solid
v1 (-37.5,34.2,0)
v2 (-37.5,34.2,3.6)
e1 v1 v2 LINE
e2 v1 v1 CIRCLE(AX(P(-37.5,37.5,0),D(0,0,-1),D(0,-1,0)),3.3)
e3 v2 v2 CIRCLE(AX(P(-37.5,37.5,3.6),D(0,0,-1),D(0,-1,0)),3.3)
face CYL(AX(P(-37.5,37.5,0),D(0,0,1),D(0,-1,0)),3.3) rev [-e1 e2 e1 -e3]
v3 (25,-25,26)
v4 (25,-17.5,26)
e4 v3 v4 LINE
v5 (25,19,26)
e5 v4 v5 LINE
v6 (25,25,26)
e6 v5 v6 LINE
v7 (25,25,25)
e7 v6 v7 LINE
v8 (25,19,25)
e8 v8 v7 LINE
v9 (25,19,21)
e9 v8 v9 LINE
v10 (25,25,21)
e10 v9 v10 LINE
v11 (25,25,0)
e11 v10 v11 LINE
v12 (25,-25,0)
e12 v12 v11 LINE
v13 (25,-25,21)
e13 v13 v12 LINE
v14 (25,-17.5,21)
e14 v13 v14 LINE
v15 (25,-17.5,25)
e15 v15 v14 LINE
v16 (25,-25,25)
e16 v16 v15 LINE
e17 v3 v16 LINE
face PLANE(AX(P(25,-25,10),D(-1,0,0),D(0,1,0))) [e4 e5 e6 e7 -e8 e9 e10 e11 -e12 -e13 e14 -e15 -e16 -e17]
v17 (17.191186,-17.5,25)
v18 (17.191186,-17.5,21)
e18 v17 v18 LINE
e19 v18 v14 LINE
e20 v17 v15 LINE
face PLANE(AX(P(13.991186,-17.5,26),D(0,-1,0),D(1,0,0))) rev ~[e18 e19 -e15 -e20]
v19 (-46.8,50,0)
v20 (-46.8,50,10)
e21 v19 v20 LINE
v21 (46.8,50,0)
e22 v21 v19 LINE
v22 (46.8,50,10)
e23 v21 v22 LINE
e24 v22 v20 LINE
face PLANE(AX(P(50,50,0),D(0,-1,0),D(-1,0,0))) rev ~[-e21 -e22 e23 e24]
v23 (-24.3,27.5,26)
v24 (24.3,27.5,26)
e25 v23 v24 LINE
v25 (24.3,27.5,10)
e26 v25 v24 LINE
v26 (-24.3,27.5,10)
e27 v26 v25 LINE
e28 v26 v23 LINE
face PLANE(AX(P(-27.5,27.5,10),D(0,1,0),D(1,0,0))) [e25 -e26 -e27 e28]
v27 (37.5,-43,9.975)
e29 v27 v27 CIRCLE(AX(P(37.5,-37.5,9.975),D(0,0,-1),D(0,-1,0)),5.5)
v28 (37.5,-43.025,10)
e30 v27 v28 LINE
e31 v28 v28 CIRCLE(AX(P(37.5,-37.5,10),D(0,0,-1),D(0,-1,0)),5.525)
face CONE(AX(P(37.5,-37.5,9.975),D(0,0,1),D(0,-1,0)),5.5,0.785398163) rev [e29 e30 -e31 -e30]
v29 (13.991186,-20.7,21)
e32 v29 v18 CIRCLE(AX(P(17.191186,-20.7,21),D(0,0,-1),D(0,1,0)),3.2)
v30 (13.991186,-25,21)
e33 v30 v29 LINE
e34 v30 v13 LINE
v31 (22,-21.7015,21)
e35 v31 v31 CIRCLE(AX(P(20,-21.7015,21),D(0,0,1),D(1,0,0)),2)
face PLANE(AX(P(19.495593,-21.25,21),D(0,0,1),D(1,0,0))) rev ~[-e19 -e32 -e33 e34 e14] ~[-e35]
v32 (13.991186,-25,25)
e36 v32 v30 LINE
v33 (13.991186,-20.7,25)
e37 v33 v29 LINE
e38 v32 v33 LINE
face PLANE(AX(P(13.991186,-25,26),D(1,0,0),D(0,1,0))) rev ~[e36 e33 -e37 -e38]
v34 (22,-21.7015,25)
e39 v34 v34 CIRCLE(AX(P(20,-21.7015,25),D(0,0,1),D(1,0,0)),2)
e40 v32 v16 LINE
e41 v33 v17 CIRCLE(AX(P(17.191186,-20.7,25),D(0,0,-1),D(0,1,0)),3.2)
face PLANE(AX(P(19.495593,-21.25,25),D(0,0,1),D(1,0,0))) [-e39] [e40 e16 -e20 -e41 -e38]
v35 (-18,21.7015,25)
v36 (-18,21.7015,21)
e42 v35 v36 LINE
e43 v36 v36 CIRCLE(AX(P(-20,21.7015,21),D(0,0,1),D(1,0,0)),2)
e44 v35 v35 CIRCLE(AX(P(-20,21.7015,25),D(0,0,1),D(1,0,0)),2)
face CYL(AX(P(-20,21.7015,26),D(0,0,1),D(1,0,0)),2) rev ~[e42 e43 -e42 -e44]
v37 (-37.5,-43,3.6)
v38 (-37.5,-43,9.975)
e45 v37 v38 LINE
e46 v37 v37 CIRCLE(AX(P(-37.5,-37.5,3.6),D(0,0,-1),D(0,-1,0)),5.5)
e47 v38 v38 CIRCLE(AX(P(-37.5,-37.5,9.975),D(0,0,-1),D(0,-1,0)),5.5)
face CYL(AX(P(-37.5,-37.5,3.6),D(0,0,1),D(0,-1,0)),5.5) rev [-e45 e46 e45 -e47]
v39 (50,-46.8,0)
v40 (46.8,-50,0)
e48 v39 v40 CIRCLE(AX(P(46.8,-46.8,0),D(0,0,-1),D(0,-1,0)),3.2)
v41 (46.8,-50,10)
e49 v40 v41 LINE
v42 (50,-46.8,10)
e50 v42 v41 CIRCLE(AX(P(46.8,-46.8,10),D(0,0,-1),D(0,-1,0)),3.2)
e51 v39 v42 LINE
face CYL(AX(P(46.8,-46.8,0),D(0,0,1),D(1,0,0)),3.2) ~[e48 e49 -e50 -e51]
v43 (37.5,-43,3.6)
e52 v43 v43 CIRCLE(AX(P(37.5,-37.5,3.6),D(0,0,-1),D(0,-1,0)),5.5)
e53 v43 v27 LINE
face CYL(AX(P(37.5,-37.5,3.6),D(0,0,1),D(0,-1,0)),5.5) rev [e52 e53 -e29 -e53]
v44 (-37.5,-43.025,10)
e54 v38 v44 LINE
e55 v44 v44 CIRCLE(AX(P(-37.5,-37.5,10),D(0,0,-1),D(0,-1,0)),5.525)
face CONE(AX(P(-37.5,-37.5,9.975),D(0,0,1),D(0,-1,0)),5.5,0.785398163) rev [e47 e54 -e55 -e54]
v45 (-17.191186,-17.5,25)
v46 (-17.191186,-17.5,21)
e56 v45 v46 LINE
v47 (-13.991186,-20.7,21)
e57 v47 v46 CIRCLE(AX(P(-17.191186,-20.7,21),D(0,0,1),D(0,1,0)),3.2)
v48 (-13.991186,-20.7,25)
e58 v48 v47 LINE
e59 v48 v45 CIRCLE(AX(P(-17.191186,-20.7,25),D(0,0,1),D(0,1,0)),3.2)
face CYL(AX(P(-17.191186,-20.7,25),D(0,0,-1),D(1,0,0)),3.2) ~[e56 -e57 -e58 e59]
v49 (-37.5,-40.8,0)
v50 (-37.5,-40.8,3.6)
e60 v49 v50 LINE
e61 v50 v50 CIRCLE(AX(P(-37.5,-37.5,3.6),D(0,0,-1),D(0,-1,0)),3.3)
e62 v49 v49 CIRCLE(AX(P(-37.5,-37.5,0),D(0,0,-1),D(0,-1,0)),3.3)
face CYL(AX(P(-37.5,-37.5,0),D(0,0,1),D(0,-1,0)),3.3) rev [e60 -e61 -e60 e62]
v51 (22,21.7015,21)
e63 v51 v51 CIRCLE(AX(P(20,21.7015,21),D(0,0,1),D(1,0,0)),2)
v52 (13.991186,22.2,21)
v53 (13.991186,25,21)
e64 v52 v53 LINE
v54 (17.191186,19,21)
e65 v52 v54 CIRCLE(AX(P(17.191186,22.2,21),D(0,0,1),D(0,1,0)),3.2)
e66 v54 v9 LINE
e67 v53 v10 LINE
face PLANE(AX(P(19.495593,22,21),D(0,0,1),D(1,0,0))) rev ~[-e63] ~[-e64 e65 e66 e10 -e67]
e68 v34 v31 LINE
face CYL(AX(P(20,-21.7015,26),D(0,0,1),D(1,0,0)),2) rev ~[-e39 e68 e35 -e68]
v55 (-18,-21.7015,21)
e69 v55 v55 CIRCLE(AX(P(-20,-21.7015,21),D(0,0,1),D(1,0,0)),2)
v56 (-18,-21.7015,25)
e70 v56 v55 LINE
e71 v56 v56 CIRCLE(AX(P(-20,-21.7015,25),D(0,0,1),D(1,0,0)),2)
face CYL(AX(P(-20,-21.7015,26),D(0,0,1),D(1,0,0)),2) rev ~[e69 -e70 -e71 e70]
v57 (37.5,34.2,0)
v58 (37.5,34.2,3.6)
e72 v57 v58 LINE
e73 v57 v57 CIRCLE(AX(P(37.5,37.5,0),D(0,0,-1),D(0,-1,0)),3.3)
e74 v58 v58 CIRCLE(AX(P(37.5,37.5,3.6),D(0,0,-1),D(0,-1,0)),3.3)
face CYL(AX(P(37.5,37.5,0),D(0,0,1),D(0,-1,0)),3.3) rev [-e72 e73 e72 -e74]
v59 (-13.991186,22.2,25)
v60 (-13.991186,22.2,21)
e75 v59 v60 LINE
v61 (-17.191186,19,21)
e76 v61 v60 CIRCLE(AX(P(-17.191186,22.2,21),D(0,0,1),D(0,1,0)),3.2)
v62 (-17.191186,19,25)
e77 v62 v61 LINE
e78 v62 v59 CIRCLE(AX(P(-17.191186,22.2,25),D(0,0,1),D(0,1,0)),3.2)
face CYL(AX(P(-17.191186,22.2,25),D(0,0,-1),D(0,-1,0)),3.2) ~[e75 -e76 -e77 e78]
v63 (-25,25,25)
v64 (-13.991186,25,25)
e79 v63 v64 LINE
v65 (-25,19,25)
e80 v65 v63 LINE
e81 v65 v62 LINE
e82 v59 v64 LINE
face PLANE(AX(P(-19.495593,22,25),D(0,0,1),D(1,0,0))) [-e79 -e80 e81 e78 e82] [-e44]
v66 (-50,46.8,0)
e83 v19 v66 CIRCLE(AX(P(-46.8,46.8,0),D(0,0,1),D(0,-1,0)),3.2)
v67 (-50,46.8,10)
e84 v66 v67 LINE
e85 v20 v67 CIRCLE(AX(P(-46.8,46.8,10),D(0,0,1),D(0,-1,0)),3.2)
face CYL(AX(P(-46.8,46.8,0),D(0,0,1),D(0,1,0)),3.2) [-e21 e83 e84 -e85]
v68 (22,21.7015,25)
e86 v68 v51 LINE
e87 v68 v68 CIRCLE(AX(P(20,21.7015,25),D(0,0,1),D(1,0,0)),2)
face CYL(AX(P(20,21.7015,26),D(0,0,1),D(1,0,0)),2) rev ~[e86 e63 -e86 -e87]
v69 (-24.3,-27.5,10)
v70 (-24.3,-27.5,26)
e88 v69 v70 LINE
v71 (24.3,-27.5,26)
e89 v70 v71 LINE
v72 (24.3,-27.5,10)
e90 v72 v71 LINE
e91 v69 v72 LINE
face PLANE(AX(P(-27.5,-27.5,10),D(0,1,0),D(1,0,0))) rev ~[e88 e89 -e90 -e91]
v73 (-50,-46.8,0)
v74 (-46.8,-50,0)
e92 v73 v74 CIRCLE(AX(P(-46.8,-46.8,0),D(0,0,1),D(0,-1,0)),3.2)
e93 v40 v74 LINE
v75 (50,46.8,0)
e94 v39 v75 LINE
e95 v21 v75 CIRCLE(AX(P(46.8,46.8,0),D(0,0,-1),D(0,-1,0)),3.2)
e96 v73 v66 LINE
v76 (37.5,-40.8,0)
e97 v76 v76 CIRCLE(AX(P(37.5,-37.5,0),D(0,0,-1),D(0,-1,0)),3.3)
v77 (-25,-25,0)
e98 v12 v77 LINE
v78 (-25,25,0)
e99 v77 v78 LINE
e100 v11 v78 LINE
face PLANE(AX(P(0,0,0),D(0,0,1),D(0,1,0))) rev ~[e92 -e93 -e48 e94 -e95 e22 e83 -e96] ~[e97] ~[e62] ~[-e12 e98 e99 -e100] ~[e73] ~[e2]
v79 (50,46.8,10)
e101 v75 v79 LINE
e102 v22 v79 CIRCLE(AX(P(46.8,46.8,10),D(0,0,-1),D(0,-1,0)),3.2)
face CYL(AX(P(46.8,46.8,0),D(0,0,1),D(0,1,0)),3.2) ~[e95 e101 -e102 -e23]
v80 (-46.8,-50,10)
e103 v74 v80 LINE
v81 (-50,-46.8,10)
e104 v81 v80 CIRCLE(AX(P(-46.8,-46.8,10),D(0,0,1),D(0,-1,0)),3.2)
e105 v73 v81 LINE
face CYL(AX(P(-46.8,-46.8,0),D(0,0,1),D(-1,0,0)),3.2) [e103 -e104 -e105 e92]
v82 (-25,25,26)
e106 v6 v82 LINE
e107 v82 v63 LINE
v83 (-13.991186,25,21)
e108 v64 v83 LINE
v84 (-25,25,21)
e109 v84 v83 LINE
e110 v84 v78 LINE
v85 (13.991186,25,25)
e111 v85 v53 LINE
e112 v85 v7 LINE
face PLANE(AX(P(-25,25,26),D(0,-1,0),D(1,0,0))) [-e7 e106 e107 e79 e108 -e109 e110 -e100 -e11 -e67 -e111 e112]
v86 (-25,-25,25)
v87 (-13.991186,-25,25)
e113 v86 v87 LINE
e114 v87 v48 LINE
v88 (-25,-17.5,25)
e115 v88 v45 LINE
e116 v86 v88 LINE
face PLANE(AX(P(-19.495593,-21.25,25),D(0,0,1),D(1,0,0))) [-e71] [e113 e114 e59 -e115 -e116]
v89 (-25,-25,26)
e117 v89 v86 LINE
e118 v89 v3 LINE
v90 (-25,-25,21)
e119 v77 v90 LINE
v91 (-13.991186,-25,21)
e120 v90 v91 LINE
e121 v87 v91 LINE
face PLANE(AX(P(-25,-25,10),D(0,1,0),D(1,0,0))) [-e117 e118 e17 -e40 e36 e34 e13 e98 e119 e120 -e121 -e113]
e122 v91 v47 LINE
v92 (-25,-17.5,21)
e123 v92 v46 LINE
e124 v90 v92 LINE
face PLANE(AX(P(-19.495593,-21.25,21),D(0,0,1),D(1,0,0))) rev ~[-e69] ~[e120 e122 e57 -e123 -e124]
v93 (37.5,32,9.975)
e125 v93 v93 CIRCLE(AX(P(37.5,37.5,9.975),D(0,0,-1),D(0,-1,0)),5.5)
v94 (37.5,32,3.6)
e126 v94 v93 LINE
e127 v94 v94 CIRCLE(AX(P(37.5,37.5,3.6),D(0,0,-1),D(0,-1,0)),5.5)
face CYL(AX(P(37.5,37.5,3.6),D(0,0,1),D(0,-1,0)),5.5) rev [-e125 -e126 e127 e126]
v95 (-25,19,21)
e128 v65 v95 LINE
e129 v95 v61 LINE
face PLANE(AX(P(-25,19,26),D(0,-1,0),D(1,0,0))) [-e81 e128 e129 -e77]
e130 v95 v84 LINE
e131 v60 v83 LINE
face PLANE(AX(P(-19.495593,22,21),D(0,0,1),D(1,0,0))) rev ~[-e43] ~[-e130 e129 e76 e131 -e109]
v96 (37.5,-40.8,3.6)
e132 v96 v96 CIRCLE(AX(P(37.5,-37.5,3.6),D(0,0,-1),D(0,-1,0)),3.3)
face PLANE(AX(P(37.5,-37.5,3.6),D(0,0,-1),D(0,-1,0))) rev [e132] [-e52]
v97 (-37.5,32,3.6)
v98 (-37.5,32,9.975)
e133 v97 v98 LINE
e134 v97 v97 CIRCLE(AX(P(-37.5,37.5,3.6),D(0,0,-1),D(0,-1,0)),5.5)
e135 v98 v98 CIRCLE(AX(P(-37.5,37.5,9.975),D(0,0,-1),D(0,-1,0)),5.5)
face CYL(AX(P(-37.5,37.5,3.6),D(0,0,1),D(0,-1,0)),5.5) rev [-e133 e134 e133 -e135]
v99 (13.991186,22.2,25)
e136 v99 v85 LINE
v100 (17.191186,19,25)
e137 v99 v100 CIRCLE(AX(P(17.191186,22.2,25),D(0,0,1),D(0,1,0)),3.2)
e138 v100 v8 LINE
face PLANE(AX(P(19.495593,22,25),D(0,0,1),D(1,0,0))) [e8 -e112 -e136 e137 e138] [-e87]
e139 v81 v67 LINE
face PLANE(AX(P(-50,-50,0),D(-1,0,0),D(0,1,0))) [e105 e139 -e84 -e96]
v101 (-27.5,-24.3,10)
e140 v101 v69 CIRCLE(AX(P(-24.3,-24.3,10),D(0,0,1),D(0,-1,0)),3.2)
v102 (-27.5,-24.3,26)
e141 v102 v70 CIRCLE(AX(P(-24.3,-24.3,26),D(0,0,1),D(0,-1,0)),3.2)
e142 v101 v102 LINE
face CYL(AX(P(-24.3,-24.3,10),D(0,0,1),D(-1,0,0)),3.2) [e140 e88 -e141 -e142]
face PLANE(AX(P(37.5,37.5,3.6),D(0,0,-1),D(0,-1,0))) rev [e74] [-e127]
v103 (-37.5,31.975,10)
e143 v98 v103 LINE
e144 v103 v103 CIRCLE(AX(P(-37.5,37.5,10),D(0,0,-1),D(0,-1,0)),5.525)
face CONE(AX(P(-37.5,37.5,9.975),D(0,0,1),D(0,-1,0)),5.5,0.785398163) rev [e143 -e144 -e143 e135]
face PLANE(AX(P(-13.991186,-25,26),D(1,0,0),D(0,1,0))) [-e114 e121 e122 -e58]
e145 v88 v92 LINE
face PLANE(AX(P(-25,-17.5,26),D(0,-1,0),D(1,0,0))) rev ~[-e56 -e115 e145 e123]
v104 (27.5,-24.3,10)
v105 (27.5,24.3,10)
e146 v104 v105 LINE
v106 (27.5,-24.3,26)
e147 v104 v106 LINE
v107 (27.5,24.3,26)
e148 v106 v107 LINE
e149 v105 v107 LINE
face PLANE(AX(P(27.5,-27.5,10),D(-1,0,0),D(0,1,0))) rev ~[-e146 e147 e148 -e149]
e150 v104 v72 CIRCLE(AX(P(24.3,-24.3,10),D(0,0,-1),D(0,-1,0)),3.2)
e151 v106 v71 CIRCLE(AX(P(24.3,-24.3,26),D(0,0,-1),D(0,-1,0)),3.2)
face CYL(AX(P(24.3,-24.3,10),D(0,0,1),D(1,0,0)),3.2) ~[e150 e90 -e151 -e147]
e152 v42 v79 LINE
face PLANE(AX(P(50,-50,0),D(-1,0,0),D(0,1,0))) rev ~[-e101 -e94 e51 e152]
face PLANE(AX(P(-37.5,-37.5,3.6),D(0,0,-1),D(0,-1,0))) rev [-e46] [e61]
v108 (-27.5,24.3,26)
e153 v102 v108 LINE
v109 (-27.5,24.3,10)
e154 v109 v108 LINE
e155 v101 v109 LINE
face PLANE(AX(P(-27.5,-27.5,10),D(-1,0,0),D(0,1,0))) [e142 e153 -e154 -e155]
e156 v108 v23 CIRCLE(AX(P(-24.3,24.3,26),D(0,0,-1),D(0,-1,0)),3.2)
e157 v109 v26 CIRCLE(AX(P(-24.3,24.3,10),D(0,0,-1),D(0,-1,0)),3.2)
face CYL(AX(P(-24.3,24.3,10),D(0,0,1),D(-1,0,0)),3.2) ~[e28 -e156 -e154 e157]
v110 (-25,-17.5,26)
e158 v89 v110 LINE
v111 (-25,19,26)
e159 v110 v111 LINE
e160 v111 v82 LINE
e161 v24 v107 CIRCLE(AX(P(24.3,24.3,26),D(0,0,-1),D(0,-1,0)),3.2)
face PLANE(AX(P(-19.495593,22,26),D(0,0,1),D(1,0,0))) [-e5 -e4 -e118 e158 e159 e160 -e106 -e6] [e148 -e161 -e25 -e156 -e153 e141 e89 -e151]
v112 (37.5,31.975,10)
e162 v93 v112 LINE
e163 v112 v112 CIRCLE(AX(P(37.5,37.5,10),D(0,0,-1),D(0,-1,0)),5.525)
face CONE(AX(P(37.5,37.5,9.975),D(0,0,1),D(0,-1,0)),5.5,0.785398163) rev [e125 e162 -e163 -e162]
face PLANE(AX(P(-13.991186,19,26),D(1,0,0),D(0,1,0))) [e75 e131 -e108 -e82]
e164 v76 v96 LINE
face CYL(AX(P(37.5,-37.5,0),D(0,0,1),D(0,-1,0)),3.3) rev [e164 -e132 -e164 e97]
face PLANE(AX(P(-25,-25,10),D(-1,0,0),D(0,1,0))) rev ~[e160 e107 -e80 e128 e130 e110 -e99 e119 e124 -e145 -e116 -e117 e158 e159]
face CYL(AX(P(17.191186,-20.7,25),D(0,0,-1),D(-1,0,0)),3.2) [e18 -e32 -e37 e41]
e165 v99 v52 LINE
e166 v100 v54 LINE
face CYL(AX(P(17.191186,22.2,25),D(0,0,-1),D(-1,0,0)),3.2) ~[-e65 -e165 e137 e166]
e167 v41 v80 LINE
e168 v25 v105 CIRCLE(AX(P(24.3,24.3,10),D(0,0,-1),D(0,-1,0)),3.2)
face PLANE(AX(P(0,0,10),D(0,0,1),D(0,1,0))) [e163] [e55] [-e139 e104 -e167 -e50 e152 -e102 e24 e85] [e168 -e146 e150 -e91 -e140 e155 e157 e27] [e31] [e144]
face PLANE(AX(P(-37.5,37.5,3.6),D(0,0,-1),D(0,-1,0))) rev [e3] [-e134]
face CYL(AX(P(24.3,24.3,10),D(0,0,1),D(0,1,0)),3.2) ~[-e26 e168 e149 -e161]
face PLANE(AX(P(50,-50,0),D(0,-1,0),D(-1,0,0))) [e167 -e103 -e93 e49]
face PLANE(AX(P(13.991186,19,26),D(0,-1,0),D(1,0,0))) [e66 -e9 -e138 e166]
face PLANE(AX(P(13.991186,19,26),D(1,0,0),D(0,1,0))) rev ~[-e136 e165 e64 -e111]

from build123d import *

# Parameters (mm, degrees)
SKETCH2_W                                    = 100
SKETCH2_H                                    = 100
SKETCH2_W_2                                  = 50
SKETCH2_H_2                                  = 50
BOSS_EXTRUDE1_DEPTH                          = 10
CBORE_FOR_M6_HEX_SOCKET_HEAD_CAP_SCR_2_COUNT = 2
CBORE_FOR_M6_HEX_SOCKET_HEAD_CAP_SCR_2_PITCH = 75
CBORE_FOR_M6_HEX_SOCKET_HEAD_CAP_SCR_3_COUNT = 2
CBORE_FOR_M6_HEX_SOCKET_HEAD_CAP_SCR_3_PITCH = 106.066017178
CBORE_FOR_M6_HEX_SOCKET_HEAD_CAP_SCR_4_COUNT = 2
CBORE_FOR_M6_HEX_SOCKET_HEAD_CAP_SCR_4_PITCH = 75
SKETCH7_W                                    = 55
SKETCH7_H                                    = 55
SKETCH7_W_2                                  = 50
SKETCH7_H_2                                  = 50
BOSS_EXTRUDE2_DEPTH                          = 16
SKETCH8_W                                    = 11.008814293
SKETCH8_H                                    = 6
SKETCH8_R                                    = 2
SKETCH8_H_2                                  = 7.5
BOSS_EXTRUDE3_DEPTH                          = 5
SKETCH9_W                                    = 11.008814293
SKETCH9_H                                    = 7.5
SKETCH9_R                                    = 2
SKETCH9_H_2                                  = 6
CUT_EXTRUDE1_DEPTH                           = 1
FILLET1_R                                    = 3.2


with BuildPart() as part:
    # Sketch2 → Boss-Extrude1 (new body)
    with BuildSketch(Plane(origin=(0, 0, 0), x_dir=(0, 1, 0), z_dir=(0, 0, 1))):
        Rectangle(SKETCH2_W, SKETCH2_H)
        Rectangle(SKETCH2_W_2, SKETCH2_H_2, mode=Mode.SUBTRACT)
    extrude(amount=BOSS_EXTRUDE1_DEPTH)

    # Sketch6 → CBORE for M6 Hex Socket Head Cap Screw1 (revolve, cut)
    with BuildSketch(Plane(origin=(-37.5, 37.5, 10), x_dir=(0, -1, 0), z_dir=(1, 0, 0))):
        Polygon((0, 0), (0, 10), (3.3, 10), (3.3, 6.4), (5.5, 6.4), (5.5, 0.025), (5.525, 0), align=None)
    cbore_for_m6_hex_socket_head_cap_screw1 = revolve(axis=Axis((-37.5, 37.5, 16.35), (0, 0, -1)), mode=Mode.SUBTRACT)

    # CBORE for M6 Hex Socket Head Cap Scr 2: CBORE for M6 Hex Socket Head Cap Screw1 ×2
    with Locations(*[(i * CBORE_FOR_M6_HEX_SOCKET_HEAD_CAP_SCR_2_PITCH, 0, 0) for i in range(1, CBORE_FOR_M6_HEX_SOCKET_HEAD_CAP_SCR_2_COUNT)]):
        add(cbore_for_m6_hex_socket_head_cap_screw1, mode=Mode.SUBTRACT)

    # CBORE for M6 Hex Socket Head Cap Scr 3: CBORE for M6 Hex Socket Head Cap Screw1 ×2
    with Locations(*[Vector(0.7071067811865477, -0.7071067811865475, 0) * (i * CBORE_FOR_M6_HEX_SOCKET_HEAD_CAP_SCR_3_PITCH) for i in range(1, CBORE_FOR_M6_HEX_SOCKET_HEAD_CAP_SCR_3_COUNT)]):
        add(cbore_for_m6_hex_socket_head_cap_screw1, mode=Mode.SUBTRACT)

    # CBORE for M6 Hex Socket Head Cap Scr 4: CBORE for M6 Hex Socket Head Cap Screw1 ×2
    with Locations(*[(0, -i * CBORE_FOR_M6_HEX_SOCKET_HEAD_CAP_SCR_4_PITCH, 0) for i in range(1, CBORE_FOR_M6_HEX_SOCKET_HEAD_CAP_SCR_4_COUNT)]):
        add(cbore_for_m6_hex_socket_head_cap_screw1, mode=Mode.SUBTRACT)

    # Sketch7 → Boss-Extrude2 (add)
    with BuildSketch(Plane.XY.offset(10)):
        Rectangle(SKETCH7_W, SKETCH7_H)
        Rectangle(SKETCH7_W_2, SKETCH7_H_2, mode=Mode.SUBTRACT)
    extrude(amount=BOSS_EXTRUDE2_DEPTH)

    # Sketch8 → Boss-Extrude3 (add)
    # profile 1 of 4: a face of its own
    with BuildSketch(Plane.XY.offset(26)):
        with Locations((-19.495592853, 22)):
            Rectangle(SKETCH8_W, SKETCH8_H)
        with Locations((-20, 21.7015)):
            Circle(SKETCH8_R, mode=Mode.SUBTRACT)
    # profile 2 of 4: a face of its own
    with BuildSketch(Plane.XY.offset(26)):
        with Locations((19.495592853, 22)):
            Rectangle(SKETCH8_W, SKETCH8_H)
        with Locations((20, 21.7015)):
            Circle(SKETCH8_R, mode=Mode.SUBTRACT)
    # profile 3 of 4: a face of its own
    with BuildSketch(Plane.XY.offset(26)):
        with Locations((19.495592853, -21.25)):
            Rectangle(SKETCH8_W, SKETCH8_H_2)
        with Locations((20, -21.7015)):
            Circle(SKETCH8_R, mode=Mode.SUBTRACT)
    # profile 4 of 4: a face of its own
    with BuildSketch(Plane.XY.offset(26)):
        with Locations((-19.495592853, -21.25)):
            Rectangle(SKETCH8_W, SKETCH8_H_2)
        with Locations((-20, -21.7015)):
            Circle(SKETCH8_R, mode=Mode.SUBTRACT)
    extrude(amount=-BOSS_EXTRUDE3_DEPTH)

    # Sketch9 → Cut-Extrude1 (cut)
    # profile 1 of 4: a face of its own
    with BuildSketch(Plane.XY.offset(26)):
        with Locations((-19.495592853, -21.25)):
            Rectangle(SKETCH9_W, SKETCH9_H)
        with Locations((-20, -21.7015)):
            Circle(SKETCH9_R, mode=Mode.SUBTRACT)
    # profile 2 of 4: a face of its own
    with BuildSketch(Plane.XY.offset(26)):
        with Locations((19.495592853, -21.25)):
            Rectangle(SKETCH9_W, SKETCH9_H)
    # profile 3 of 4: a face of its own
    with BuildSketch(Plane.XY.offset(26)):
        with Locations((19.495592853, 22)):
            Rectangle(SKETCH9_W, SKETCH9_H_2)
    # profile 4 of 4: a face of its own
    with BuildSketch(Plane.XY.offset(26)):
        with Locations((-19.495592853, 22)):
            Rectangle(SKETCH9_W, SKETCH9_H_2)
    extrude(amount=-CUT_EXTRUDE1_DEPTH, mode=Mode.SUBTRACT)

    # Fillet1
    fillet1_edges = [part.edges().sort_by_distance(p)[0] for p in [
        (-13.991185707, -17.5, 23),
        (13.991185707, -17.5, 23),
        (13.991185707, 19, 23),
        (-13.991185707, 19, 23),
        (-27.5, -27.5, 18),
        (27.5, -27.5, 18),
        (27.5, 27.5, 18),
        (50, -50, 5),
        (-27.5, 27.5, 18),
        (-50, -50, 5),
        (-50, 50, 5),
        (50, 50, 5),
    ]]
    fillet(fillet1_edges, radius=FILLET1_R)


solid = part.part
